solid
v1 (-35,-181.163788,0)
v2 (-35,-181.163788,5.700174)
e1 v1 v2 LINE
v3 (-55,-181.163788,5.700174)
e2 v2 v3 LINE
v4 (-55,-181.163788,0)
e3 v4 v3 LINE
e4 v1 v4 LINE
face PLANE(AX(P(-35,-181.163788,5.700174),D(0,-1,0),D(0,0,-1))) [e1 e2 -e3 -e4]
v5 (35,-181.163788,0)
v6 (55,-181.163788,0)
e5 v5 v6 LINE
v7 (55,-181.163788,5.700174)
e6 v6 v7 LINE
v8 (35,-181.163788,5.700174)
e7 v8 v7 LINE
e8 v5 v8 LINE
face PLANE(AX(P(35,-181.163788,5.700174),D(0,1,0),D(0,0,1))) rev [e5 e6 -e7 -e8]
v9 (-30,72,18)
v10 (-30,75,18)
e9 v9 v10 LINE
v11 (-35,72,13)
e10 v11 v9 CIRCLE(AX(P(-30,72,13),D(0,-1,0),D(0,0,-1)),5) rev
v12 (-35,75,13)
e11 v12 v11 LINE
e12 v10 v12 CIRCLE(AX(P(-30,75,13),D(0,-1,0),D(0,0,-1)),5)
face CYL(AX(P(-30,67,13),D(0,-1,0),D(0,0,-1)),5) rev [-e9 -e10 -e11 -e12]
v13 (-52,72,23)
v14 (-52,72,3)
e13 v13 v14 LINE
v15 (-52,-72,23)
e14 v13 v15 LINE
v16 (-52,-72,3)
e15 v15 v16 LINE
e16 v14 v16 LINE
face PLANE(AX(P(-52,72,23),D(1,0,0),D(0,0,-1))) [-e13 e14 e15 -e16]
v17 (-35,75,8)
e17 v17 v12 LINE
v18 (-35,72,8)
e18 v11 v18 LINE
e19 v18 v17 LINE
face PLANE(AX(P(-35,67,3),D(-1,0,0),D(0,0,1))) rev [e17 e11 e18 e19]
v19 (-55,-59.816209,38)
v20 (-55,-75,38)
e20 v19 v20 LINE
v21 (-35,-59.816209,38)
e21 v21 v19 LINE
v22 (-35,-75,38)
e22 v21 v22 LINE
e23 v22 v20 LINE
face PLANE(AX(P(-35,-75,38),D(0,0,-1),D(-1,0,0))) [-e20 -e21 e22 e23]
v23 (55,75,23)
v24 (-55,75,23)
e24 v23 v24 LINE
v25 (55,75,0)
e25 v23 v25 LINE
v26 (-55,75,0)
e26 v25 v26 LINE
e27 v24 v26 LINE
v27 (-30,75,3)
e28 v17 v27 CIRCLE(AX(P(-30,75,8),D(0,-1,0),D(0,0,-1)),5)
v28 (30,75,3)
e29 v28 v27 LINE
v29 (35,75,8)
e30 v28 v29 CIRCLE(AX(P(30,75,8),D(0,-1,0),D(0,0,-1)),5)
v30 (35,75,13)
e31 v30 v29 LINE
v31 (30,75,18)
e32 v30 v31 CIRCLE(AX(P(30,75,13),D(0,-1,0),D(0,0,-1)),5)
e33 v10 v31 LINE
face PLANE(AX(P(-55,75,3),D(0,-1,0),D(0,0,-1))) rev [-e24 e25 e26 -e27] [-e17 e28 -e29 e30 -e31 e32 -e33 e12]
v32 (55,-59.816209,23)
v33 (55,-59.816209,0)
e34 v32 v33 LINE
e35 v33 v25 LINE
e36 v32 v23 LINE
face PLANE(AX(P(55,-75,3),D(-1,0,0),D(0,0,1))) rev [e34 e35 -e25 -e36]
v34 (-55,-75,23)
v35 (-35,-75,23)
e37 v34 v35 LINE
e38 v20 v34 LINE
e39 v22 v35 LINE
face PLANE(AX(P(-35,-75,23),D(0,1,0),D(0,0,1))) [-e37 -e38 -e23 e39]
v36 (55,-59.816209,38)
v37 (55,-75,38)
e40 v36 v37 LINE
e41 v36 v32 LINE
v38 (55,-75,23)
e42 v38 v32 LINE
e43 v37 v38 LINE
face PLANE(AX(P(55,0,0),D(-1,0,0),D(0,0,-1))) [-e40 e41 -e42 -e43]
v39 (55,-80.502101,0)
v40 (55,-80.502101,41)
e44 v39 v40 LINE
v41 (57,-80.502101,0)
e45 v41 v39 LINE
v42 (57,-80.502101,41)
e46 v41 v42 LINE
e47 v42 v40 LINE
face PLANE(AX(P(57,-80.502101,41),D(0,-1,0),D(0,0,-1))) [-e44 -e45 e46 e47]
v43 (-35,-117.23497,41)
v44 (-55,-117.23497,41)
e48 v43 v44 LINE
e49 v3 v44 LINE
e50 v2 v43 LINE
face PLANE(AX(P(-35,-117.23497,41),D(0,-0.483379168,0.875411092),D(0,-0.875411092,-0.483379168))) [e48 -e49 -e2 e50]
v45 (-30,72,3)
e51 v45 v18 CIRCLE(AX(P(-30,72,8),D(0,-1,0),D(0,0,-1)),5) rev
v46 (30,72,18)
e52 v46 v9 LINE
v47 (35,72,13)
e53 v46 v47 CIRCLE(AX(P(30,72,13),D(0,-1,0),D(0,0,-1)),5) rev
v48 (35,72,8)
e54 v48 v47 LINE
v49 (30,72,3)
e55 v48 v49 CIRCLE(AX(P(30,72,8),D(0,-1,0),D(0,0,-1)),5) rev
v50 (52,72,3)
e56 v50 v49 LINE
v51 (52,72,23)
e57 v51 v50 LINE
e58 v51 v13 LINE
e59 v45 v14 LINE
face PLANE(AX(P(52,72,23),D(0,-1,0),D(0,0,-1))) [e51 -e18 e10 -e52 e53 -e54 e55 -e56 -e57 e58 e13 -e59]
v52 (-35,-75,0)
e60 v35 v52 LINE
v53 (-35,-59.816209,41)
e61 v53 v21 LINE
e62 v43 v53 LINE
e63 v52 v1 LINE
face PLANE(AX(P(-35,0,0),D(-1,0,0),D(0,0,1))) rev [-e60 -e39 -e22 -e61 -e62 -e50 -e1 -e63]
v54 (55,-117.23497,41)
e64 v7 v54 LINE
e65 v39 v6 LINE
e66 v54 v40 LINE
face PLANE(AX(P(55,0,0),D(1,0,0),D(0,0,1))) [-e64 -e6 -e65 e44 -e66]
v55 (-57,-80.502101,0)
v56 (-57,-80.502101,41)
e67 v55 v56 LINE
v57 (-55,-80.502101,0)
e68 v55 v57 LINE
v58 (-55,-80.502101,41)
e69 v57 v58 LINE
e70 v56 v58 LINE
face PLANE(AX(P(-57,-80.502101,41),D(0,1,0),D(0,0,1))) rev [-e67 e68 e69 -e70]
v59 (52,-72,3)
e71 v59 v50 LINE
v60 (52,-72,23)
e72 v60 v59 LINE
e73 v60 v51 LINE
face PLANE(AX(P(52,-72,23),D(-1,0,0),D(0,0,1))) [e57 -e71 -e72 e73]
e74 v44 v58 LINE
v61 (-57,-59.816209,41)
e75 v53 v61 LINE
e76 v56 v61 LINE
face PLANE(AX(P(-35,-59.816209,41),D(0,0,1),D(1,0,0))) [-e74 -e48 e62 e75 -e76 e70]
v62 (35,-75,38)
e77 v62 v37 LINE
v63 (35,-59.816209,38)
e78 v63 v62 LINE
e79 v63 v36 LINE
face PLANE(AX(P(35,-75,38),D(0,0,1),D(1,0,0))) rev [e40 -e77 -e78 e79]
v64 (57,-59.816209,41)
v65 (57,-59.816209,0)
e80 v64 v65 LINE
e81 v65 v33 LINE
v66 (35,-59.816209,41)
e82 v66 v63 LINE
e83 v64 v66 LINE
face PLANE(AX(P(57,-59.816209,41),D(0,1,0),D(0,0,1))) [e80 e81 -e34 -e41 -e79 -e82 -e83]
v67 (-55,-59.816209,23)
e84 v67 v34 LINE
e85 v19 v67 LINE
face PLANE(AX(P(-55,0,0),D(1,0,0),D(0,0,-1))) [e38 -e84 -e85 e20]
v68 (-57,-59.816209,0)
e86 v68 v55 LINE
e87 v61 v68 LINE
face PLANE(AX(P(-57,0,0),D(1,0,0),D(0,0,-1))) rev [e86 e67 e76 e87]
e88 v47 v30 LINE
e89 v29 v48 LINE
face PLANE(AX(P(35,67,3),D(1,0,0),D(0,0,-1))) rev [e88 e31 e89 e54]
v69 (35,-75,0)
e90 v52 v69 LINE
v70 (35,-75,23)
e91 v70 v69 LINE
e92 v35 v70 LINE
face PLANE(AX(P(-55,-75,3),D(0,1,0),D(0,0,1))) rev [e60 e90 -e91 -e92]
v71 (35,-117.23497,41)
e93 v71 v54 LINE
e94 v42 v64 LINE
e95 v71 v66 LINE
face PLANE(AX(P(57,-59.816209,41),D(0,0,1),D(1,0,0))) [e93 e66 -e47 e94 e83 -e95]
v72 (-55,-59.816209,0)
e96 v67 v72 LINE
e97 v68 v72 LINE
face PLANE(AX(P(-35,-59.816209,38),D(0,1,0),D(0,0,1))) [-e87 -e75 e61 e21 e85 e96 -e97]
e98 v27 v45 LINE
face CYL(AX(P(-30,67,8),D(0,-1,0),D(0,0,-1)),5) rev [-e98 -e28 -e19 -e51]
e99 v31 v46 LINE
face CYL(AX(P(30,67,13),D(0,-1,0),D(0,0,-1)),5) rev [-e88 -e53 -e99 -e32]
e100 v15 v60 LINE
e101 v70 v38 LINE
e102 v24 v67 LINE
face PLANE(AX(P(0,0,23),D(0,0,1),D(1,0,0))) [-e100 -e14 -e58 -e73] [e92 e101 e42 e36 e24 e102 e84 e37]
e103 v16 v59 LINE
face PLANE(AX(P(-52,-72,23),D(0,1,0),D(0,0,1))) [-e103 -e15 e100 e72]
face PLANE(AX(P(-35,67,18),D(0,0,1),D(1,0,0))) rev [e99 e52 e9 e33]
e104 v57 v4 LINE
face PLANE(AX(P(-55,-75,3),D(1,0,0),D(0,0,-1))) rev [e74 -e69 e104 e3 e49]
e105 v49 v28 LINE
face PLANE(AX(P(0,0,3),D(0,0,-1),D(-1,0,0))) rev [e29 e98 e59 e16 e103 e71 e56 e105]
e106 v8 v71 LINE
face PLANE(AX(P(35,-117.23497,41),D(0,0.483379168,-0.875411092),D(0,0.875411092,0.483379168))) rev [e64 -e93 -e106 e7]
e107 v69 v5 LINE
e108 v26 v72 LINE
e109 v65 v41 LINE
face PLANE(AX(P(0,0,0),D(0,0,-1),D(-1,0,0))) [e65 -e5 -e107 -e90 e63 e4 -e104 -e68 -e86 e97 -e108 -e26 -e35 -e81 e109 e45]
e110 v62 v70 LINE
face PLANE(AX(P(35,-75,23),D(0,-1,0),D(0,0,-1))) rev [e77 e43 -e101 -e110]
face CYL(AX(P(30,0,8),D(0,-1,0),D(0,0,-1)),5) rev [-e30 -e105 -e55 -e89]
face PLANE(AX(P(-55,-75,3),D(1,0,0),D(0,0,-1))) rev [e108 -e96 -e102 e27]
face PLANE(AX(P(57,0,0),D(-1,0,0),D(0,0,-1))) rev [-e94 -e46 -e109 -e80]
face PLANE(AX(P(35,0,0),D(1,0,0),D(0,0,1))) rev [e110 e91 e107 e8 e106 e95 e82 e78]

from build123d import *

# Parameters (mm, degrees)
SKETCH_1_W          = 110
SKETCH_1_H          = 150
EXTRUDE_1_DEPTH     = 3
SKETCH_2_W          = 110
SKETCH_2_H          = 150
SKETCH_2_W_2        = 104
SKETCH_2_H_2        = 144
EXTRUDE_2_DEPTH     = 20
EXTRUDE_3_DEPTH     = 20
SKETCH_4_W          = 41
SKETCH_4_H          = 20.685891883
EXTRUDE_4_DEPTH     = 2
SKETCH_5_W          = 70
SKETCH_5_H          = 15
CUT_EXTRUDE_1_DEPTH = 8
FILLET_1_R          = 5


with BuildPart() as part:
    # 草图1 → 凸台-拉伸1 (new body)
    with BuildSketch(Plane.XY):
        Rectangle(SKETCH_1_W, SKETCH_1_H)
    extrude(amount=EXTRUDE_1_DEPTH)

    # 草图2 → 凸台-拉伸2 (add)
    with BuildSketch(Plane.XY.offset(3)):
        Rectangle(SKETCH_2_W, SKETCH_2_H)
        Rectangle(SKETCH_2_W_2, SKETCH_2_H_2, mode=Mode.SUBTRACT)
    extrude(amount=EXTRUDE_2_DEPTH)

    # 草图3 → 凸台-拉伸3 (add)
    with BuildSketch(Plane.ZY.offset(55)):
        Polygon((23, -75), (38, -75), (38, -59.816209212), (41, -59.816209212), (41, -117.234969842), (5.700174456, -181.163787756), (0, -181.163787756), (0, -75), align=None)
    extrude_3 = extrude(amount=-EXTRUDE_3_DEPTH)

    # 草图4 → 凸台-拉伸4 (add)
    with BuildSketch(Plane.ZY.offset(55)):
        with Locations((20.5, -70.159155153)):
            Rectangle(SKETCH_4_W, SKETCH_4_H)
    extrude_4 = extrude(amount=EXTRUDE_4_DEPTH)

    # 草图5 → 切除-拉伸1 (cut)
    with BuildSketch(Plane(origin=(0, 75, 0), x_dir=(1, 0, 0), z_dir=(0, 1, 0))):
        with Locations((0, -10.5)):
            Rectangle(SKETCH_5_W, SKETCH_5_H)
    extrude(amount=-CUT_EXTRUDE_1_DEPTH, mode=Mode.SUBTRACT)

    # 圆角1
    fillet_1_edges = [part.edges().sort_by_distance(p)[0] for p in [
        (-35, 73.5, 18),
        (-35, 73.5, 3),
        (35, 73.5, 3),
        (35, 73.5, 18),
    ]]
    fillet(fillet_1_edges, radius=FILLET_1_R)

    # 镜向1: 凸台-拉伸4 across plane
    add(extrude_4.mirror(Plane(origin=(0, 0, 0), x_dir=(0, 0, 1), z_dir=(1, 0, 0))))

    # 镜向2: 凸台-拉伸3 across plane
    add(extrude_3.mirror(Plane(origin=(0, 0, 0), x_dir=(0, 0, 1), z_dir=(1, 0, 0))))


solid = part.part
